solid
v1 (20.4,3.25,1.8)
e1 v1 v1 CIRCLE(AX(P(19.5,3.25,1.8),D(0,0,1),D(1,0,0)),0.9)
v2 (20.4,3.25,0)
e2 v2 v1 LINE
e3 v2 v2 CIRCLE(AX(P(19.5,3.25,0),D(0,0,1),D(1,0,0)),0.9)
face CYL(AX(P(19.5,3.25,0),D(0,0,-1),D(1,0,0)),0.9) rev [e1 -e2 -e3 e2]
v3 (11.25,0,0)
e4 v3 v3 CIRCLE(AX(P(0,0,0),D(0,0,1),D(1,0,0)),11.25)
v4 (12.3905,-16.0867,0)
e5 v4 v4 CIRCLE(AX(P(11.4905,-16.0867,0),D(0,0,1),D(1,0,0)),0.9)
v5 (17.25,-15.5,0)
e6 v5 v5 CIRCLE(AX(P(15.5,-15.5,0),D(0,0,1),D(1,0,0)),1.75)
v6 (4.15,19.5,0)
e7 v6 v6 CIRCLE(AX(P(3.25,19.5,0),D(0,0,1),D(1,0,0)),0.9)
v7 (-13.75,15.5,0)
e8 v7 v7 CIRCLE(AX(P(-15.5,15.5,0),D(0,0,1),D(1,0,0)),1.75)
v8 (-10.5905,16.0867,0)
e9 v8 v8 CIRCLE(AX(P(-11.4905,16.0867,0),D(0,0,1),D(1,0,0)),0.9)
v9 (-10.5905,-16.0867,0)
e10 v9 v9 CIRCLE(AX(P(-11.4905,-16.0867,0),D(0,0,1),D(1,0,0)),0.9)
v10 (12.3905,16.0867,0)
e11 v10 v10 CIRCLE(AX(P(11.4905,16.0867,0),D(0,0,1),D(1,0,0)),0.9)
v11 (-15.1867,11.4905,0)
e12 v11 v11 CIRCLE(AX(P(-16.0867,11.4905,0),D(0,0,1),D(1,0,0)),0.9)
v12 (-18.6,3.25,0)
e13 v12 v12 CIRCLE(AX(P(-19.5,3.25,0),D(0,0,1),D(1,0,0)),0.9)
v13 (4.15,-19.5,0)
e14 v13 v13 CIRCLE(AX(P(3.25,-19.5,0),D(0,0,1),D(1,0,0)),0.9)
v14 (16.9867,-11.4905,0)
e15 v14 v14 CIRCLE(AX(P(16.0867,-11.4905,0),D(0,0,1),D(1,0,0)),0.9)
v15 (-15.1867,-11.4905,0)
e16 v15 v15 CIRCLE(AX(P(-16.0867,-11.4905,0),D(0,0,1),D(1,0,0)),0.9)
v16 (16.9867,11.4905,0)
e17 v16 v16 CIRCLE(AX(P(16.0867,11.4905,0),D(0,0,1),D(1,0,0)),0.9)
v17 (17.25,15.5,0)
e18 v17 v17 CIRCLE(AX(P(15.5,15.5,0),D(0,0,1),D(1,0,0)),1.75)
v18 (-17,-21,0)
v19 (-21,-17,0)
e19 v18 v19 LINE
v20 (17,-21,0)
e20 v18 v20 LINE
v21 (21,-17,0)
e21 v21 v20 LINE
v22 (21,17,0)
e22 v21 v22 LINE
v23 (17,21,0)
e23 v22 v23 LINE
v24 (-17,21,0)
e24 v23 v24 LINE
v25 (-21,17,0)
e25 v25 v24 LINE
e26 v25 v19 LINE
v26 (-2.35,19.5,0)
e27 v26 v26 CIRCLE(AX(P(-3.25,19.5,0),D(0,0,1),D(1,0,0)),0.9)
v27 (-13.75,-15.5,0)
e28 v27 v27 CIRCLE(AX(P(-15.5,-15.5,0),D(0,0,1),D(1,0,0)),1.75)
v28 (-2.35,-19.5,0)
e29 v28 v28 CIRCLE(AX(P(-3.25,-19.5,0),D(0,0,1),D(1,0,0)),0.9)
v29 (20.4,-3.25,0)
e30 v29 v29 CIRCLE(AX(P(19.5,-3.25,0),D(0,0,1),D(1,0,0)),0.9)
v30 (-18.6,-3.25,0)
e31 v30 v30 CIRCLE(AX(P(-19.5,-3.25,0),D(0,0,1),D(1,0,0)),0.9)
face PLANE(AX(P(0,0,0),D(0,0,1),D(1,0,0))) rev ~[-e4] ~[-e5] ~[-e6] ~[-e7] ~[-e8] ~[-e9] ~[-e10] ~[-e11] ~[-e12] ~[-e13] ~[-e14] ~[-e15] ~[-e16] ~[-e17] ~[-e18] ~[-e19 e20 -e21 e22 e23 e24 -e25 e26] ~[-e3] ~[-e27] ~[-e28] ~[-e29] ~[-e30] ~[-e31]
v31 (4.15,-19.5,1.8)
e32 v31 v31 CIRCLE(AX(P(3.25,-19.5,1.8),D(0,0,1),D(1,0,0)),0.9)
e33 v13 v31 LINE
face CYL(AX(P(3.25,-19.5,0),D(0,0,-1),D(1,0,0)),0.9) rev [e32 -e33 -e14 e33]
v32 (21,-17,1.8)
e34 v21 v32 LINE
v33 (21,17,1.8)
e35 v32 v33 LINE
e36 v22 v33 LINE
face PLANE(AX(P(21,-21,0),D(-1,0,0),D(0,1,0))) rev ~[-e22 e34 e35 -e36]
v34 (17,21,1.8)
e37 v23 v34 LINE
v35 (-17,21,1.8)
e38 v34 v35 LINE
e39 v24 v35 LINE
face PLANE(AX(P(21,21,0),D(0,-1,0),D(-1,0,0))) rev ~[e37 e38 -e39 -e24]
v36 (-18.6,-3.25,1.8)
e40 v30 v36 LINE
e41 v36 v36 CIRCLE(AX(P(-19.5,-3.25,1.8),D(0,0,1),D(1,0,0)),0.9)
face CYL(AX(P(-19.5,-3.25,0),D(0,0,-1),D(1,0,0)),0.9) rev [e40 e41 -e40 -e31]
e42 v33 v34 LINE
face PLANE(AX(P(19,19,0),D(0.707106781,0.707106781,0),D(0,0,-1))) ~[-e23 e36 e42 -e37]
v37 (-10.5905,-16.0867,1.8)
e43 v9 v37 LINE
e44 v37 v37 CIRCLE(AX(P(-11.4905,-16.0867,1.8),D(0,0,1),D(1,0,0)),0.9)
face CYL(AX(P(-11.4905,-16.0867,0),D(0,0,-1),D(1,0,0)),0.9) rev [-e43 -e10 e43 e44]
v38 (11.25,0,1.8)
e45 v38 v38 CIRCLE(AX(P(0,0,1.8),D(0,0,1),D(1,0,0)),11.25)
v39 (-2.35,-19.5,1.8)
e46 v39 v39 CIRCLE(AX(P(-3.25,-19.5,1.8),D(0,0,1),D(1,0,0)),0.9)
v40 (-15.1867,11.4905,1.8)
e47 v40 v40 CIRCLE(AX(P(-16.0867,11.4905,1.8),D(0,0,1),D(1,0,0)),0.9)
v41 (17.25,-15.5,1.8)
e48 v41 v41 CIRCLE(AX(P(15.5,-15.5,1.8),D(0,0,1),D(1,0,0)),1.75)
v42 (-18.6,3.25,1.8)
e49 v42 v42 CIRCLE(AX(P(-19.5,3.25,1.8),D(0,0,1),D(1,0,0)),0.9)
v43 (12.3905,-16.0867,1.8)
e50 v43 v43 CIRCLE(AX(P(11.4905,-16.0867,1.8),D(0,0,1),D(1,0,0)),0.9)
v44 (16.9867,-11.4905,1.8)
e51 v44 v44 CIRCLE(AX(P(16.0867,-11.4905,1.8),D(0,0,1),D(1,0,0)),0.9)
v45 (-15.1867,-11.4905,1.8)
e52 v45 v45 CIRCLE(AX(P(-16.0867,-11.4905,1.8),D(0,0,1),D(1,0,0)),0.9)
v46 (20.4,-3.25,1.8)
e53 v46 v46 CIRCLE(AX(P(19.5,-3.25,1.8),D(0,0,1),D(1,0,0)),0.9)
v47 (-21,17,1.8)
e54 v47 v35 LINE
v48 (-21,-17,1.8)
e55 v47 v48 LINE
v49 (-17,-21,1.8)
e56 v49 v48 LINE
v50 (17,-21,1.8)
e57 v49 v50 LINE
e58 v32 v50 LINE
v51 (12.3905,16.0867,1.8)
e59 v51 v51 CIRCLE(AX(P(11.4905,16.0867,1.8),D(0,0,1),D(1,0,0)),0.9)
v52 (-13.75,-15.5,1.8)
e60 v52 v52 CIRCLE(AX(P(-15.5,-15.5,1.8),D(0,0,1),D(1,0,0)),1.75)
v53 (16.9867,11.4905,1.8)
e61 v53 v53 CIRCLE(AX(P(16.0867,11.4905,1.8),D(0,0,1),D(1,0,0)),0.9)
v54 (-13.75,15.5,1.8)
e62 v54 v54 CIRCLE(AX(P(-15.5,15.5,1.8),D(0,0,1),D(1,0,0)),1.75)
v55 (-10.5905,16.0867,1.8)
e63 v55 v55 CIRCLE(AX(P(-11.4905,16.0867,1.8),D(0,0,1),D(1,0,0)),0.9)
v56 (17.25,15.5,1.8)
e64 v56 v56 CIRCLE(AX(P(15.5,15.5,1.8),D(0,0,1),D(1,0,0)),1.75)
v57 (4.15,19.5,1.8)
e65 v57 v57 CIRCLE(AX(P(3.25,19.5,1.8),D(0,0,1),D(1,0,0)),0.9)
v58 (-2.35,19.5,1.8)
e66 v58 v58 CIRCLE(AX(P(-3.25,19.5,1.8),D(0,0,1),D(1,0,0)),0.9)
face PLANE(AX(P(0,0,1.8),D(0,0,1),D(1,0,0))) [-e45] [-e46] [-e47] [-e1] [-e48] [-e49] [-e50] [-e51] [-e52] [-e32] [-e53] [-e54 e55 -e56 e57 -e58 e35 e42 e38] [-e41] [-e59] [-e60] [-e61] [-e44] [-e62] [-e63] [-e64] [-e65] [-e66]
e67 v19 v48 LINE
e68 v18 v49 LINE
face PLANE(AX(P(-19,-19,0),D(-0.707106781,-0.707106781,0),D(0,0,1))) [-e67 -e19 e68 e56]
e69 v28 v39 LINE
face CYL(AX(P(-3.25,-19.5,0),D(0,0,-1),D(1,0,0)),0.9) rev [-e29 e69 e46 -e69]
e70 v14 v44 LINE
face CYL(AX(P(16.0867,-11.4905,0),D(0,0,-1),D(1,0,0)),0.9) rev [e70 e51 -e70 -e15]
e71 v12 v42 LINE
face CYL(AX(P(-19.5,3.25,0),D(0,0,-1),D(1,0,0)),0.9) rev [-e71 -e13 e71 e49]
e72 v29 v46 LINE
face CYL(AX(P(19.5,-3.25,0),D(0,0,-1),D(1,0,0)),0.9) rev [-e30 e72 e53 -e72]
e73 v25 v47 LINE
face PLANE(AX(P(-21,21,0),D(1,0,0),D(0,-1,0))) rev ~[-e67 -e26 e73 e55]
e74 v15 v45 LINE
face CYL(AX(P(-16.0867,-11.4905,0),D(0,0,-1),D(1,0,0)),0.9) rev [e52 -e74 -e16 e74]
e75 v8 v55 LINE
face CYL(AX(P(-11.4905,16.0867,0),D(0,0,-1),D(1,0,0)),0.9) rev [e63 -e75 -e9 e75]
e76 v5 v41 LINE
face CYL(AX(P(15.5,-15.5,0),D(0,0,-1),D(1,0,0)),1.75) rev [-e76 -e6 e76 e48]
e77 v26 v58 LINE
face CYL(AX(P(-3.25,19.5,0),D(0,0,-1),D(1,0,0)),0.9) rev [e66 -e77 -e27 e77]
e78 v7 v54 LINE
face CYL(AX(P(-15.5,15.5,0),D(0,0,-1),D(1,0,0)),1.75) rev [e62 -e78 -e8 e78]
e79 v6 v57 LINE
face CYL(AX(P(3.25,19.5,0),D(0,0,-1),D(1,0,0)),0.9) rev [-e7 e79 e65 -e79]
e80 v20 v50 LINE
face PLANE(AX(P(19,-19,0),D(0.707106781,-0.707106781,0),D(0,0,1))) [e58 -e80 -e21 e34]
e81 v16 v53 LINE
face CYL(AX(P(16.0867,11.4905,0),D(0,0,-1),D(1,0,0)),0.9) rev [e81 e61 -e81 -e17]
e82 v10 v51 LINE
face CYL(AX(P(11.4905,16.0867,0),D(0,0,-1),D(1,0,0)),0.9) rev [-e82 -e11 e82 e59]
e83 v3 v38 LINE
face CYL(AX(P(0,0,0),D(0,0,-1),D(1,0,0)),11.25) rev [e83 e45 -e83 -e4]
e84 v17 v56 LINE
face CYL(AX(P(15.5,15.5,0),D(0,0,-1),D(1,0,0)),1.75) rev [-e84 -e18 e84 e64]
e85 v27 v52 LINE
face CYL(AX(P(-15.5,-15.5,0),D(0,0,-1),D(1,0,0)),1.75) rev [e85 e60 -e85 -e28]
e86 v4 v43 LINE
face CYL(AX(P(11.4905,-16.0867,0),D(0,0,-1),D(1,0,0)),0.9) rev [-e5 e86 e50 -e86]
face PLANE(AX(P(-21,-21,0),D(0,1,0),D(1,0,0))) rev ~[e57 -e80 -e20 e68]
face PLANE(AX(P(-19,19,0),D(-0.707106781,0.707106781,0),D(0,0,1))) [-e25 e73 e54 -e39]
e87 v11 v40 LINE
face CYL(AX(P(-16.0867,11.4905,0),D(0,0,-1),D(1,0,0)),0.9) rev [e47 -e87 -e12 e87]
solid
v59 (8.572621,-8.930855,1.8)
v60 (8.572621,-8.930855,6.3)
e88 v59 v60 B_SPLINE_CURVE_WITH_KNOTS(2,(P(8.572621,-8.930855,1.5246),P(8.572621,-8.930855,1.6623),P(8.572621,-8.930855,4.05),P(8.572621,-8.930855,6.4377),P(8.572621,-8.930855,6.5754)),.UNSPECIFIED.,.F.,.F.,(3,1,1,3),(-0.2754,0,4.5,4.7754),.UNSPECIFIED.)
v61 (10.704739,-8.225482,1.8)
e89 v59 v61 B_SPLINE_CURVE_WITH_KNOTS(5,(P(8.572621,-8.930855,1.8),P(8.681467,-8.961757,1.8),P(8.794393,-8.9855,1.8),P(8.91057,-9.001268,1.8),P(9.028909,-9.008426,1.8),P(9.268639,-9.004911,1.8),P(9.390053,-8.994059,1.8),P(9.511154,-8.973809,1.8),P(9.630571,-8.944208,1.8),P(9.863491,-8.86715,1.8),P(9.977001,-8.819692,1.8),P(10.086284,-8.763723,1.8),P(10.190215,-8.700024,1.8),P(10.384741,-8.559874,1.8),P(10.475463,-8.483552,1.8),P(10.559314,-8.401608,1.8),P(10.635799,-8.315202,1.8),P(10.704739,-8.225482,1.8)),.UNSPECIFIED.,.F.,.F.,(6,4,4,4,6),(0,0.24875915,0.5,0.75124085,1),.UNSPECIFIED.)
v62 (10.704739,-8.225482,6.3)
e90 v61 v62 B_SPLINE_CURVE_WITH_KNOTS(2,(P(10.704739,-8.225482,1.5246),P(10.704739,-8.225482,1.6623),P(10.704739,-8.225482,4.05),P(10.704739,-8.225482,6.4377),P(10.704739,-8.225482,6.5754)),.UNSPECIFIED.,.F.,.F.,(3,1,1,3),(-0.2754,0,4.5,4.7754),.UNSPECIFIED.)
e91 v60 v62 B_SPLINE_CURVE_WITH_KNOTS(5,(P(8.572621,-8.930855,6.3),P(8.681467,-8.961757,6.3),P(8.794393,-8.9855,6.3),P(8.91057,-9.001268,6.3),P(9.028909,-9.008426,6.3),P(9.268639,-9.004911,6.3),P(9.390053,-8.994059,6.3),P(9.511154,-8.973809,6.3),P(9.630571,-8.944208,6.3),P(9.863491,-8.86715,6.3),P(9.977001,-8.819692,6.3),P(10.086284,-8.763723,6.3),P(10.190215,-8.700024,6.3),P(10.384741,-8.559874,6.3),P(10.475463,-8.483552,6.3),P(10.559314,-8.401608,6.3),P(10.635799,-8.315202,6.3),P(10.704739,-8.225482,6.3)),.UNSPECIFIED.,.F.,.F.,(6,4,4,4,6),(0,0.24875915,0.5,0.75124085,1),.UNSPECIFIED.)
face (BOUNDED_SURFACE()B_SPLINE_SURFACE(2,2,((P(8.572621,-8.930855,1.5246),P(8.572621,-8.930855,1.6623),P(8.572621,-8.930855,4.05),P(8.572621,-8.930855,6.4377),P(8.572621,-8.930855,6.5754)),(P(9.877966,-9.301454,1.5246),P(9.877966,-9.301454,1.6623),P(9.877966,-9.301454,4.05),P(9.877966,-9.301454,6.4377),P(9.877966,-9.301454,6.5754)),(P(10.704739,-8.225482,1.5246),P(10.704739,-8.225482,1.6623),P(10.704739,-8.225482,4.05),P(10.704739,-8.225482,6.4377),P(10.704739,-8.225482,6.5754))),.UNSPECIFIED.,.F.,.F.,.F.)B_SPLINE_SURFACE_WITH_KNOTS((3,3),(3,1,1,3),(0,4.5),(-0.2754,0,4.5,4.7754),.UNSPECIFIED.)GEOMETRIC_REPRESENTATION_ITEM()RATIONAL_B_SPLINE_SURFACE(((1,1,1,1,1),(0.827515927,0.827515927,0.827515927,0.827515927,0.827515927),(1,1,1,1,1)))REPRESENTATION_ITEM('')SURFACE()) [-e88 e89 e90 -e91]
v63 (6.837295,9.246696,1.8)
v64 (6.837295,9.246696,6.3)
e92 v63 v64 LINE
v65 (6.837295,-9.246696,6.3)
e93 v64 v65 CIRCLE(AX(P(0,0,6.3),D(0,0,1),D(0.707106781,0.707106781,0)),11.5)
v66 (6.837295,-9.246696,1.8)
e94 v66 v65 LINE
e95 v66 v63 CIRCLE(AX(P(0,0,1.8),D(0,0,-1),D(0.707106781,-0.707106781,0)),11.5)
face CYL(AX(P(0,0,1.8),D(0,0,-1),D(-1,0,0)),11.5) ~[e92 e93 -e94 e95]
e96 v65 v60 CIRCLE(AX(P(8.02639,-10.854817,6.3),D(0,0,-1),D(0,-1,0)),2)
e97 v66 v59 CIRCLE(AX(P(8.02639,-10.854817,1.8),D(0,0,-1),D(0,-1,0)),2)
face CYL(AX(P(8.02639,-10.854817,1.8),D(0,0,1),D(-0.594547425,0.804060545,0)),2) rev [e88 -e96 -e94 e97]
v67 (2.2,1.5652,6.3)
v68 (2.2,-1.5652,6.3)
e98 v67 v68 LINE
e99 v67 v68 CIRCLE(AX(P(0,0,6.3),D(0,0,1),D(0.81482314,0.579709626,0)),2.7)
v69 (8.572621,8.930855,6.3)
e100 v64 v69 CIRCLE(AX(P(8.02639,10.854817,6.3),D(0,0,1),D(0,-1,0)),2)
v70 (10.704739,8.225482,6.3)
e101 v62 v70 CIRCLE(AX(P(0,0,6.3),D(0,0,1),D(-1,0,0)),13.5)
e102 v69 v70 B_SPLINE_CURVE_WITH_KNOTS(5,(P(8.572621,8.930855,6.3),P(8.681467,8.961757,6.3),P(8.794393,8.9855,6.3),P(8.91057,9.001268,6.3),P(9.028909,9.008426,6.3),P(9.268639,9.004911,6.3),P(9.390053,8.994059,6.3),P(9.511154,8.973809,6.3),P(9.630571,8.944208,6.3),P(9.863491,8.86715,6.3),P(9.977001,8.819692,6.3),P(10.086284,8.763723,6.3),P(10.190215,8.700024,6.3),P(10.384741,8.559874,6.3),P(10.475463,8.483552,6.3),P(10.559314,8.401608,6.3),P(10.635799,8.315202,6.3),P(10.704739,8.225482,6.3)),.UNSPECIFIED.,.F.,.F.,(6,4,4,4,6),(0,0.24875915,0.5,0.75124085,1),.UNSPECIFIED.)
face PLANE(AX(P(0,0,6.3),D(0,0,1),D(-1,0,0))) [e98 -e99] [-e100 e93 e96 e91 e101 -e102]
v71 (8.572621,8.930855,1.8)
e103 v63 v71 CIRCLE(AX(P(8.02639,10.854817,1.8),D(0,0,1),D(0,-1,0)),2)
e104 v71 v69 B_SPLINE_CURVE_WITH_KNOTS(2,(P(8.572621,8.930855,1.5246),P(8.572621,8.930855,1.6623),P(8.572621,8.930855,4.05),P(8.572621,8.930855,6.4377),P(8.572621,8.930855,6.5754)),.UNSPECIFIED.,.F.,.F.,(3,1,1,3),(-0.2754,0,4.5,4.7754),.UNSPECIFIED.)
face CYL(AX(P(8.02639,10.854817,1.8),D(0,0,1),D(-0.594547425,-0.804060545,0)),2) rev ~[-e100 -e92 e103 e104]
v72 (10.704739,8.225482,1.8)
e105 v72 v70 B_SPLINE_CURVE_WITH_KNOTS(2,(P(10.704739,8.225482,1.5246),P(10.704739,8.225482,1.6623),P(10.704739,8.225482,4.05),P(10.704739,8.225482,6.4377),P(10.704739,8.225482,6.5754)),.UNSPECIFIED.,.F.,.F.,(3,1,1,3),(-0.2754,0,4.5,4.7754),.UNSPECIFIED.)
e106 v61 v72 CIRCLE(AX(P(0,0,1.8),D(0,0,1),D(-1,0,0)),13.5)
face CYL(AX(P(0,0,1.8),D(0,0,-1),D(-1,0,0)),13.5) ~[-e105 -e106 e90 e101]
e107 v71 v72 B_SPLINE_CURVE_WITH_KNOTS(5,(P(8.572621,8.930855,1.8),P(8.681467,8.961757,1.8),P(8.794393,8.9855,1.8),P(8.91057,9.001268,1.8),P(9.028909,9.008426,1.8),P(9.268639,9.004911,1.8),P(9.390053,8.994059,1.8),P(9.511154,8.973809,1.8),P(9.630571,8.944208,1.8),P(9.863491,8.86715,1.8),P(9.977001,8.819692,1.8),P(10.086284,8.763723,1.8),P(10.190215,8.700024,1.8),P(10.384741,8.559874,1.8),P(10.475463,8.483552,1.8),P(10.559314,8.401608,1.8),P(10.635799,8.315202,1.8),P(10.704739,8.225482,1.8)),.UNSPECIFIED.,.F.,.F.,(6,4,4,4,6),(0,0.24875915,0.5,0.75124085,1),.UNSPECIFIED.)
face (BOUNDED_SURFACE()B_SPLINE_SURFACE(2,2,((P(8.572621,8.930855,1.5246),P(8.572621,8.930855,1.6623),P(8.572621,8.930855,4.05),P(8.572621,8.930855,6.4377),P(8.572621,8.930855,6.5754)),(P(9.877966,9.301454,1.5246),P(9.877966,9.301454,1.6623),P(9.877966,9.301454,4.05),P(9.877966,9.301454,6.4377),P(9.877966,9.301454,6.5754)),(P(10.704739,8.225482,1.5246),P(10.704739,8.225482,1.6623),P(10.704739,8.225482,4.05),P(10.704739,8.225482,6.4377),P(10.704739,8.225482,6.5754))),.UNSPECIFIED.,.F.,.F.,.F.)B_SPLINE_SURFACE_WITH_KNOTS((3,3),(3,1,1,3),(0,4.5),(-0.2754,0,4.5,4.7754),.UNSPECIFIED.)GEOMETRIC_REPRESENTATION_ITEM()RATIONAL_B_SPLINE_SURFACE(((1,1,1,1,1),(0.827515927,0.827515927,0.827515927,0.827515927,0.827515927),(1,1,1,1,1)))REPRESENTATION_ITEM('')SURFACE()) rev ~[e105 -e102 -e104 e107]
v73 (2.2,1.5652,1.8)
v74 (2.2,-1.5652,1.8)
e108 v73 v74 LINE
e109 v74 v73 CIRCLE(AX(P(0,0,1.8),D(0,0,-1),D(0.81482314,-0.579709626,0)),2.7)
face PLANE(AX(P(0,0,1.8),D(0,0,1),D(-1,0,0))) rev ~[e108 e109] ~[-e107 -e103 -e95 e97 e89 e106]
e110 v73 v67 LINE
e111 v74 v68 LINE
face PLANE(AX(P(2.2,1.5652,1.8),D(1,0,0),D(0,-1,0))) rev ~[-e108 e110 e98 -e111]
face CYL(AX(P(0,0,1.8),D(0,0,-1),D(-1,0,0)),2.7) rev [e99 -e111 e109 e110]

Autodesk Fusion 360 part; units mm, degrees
sketch "Sketch1" plane through (0, 0, 0) normal (0, 0, 1) x (1, 0, 0)
  line L0 (21, 21) -> (-21, 21)
  line L1 (-21, 21) -> (-21, -21)
  line L2 (-21, -21) -> (21, -21)
  line L3 (21, -21) -> (21, 21)
  line L4 (21, 21) -> (-21, -21) construction
  line L5 (-21, 21) -> (21, -21) construction
  circle A0 centre (0, 0) radius 11.25
  line L6 (0, 0) -> (0, 21) construction
  line L7 (0, 0) -> (21, 0) construction
  circle A1 centre (-15.5, 15.5) radius 1.75
  circle A2 centre (15.5, 15.5) radius 1.75
  circle A3 centre (-15.5, -15.5) radius 1.75
  circle A4 centre (15.5, -15.5) radius 1.75
  circle A5 centre (-3.25, 19.5) radius 0.9
  circle A6 centre (3.25, 19.5) radius 0.9
  circle A7 centre (-11.4905, 16.0867) radius 0.9
  circle A8 centre (-16.0867, 11.4905) radius 0.9
  circle A9 centre (-19.5, 3.25) radius 0.9
  circle A10 centre (-19.5, -3.25) radius 0.9
  circle A11 centre (-16.0867, -11.4905) radius 0.9
  circle A12 centre (-11.4905, -16.0867) radius 0.9
  circle A13 centre (-3.25, -19.5) radius 0.9
  circle A14 centre (3.25, -19.5) radius 0.9
  circle A15 centre (11.4905, -16.0867) radius 0.9
  circle A16 centre (16.0867, -11.4905) radius 0.9
  circle A17 centre (19.5, -3.25) radius 0.9
  circle A18 centre (19.5, 3.25) radius 0.9
  circle A19 centre (16.0867, 11.4905) radius 0.9
  circle A20 centre (11.4905, 16.0867) radius 0.9
  dimension "d2" = 42
  dimension "d3" = 42
  dimension "d5" = 22.5
  dimension "d8" = 31
  dimension "d9" = 3.5
  dimension "d10" = 1.8
  dimension "d12" = 6.5
  dimension "d17" = 360
  dimension "d41" = 19.5
  dimension "d42" = 1.5
extrude "Extrude1" add sketch "Sketch1" along normal blind 1.8 makes body 1
sketch "Sketch2" plane through (0, 0, 1.8) normal (0, 0, 1) x (-1, 0, 0)
  circle A0 centre (0, 0) radius 11.25 construction
  circle A1 centre (0, 0) radius 2.7
  line L0 (-6.4, -14.5) -> (6.4, -14.5) construction
  line L1 (6.4, -14.5) -> (6.4, -21) construction
  line L2 (-6.4, -21) -> (-6.4, -14.5) construction
  line L3 (-6.4, -14.5) -> (6.4, -21) construction
  line L4 (6.4, -14.5) -> (-6.4, -21) construction
  line L5 (6.4, -14.5) -> (-7.5453, -12.0411) construction
  circle A2 centre (0, 0) radius 11.5
  circle A3 centre (0, 0) radius 13.5
  circle A4 centre (-11.4905, 16.0867) radius 0.9
  circle A5 centre (11.4905, 16.0867) radius 0.9
  circle A6 centre (-16.0867, 11.4905) radius 0.9
  circle A7 centre (19.5, 3.25) radius 0.9
  circle A8 centre (-16.0867, -11.4905) radius 0.9
  circle A9 centre (-19.5, -3.25) radius 0.9
  circle A10 centre (-11.4905, -16.0867) radius 0.9
  circle A11 centre (-3.25, 19.5) radius 0.9
  circle A12 centre (3.25, 19.5) radius 0.9
  circle A13 centre (16.0867, 11.4905) radius 0.9
  circle A14 centre (-19.5, 3.25) radius 0.9
  circle A15 centre (19.5, -3.25) radius 0.9
  line L6 (-2, -1.8138) -> (-2, 1.8138) construction
  line L7 (14.7785, -5.7276) -> (19.3747, -10.3238) construction
  line L8 (5.7276, -14.7785) -> (14.7785, -5.7276) construction
  line L9 (10.3238, -19.3747) -> (5.7276, -14.7785) construction
  line L10 (14.7785, -5.7276) -> (3.179, -13.8497) construction
  line L11 (14.5, 6.4) -> (21, 6.4) construction
  line L12 (14.5, -6.4) -> (14.5, 6.4) construction
  line L13 (21, -6.4) -> (14.5, -6.4) construction
  line L14 (14.5, 6.4) -> (12.0411, -7.5453) construction
  line L15 (5.7276, 14.7785) -> (10.3238, 19.3747) construction
  line L16 (14.7785, 5.7276) -> (5.7276, 14.7785) construction
  line L17 (19.3747, 10.3238) -> (14.7785, 5.7276) construction
  line L18 (5.7276, 14.7785) -> (13.8497, 3.179) construction
  line L19 (-6.4, 14.5) -> (-6.4, 21) construction
  line L20 (6.4, 14.5) -> (-6.4, 14.5) construction
  line L21 (6.4, 21) -> (6.4, 14.5) construction
  line L22 (-6.4, 14.5) -> (7.5453, 12.0411) construction
  line L23 (-14.7785, 5.7276) -> (-19.3747, 10.3238) construction
  line L24 (-5.7276, 14.7785) -> (-14.7785, 5.7276) construction
  line L25 (-10.3238, 19.3747) -> (-5.7276, 14.7785) construction
  line L26 (-14.7785, 5.7276) -> (-3.179, 13.8497) construction
  line L27 (-14.5, -6.4) -> (-21, -6.4) construction
  line L28 (-14.5, 6.4) -> (-14.5, -6.4) construction
  line L29 (-21, 6.4) -> (-14.5, 6.4) construction
  line L30 (-14.5, -6.4) -> (-12.0411, 7.5453) construction
  line L31 (-5.7276, -14.7785) -> (-10.3238, -19.3747) construction
  line L32 (-14.7785, -5.7276) -> (-5.7276, -14.7785) construction
  line L33 (-19.3747, -10.3238) -> (-14.7785, -5.7276) construction
  line L34 (-5.7276, -14.7785) -> (-13.8497, -3.179) construction
  line L35 (-21, -21) -> (21, -21)
  circle A16 centre (0, 0) radius 2.5 construction
  line L36 (-2.2, -1.5652) -> (-2.2, 1.5652)
  line L37 (-9.5459, -9.5459) -> (9.5459, 9.5459)
  line L38 (0, 0) -> (-13.5, 0) construction
  line L39 (-9.5459, 9.5459) -> (9.5459, -9.5459)
  point P0 (0, -17.75)
  dimension "d19" = 6.5
  dimension "d20" = 12.8
  dimension "d21" = 10
  dimension "d23" = 27
  dimension "d39" = 360
  dimension "d43" = 2
  dimension "d44" = 5
  dimension "d45" = 0.2
  dimension "d46" = 4.5
  dimension "d47" = 0.2
  dimension "d48" = 90
extrude "Extrude2" add sketch "Sketch2" along normal blind 4.5 separate body contours A1 L36 | A1 A2 L37 L39 | A1 A2 L37 L39 | A1 A2 L37 L39 | A1 A2 L37 L39 | A2 A3 L37 L39 picked at (-9.495, -8.5893) makes body 2
sketch "Sketch3" plane through (0, 0, 0) normal (1, 0, 0) x (0, 1, 0)
  line L0 (0, 6.3) -> (0, 1.8) construction
  circle A0 centre (0, 4.05) radius 0.9
  circle A1 centre (0, 4.05) radius 1.95
  line L1 (11.5, 6.3) -> (-11.5, 6.3)
  line L2 (11.5, 1.8) -> (-11.5, 1.8)
  point P0 (0, 1.8)
  point P1 (1.5652, 6.3)
  point P2 (-1.5652, 6.3)
  dimension "d29" = 1.8
  dimension "d30" = 3.9
fillet "Fillet1" radius 2 4 edges at (8.1317, -8.1317, 4.05) (9.5459, -9.5459, 4.05) (8.1317, 8.1317, 4.05) (9.5459, 9.5459, 4.05) on bodies 2
chamfer "Chamfer1" distance 4 angle 45 4 edges at (-21, -21, 0.9) (-21, 21, 0.9) (21, -21, 0.9) (21, 21, 0.9) on bodies 1
equation "d2 = d3"
equation "d47 = d45"
